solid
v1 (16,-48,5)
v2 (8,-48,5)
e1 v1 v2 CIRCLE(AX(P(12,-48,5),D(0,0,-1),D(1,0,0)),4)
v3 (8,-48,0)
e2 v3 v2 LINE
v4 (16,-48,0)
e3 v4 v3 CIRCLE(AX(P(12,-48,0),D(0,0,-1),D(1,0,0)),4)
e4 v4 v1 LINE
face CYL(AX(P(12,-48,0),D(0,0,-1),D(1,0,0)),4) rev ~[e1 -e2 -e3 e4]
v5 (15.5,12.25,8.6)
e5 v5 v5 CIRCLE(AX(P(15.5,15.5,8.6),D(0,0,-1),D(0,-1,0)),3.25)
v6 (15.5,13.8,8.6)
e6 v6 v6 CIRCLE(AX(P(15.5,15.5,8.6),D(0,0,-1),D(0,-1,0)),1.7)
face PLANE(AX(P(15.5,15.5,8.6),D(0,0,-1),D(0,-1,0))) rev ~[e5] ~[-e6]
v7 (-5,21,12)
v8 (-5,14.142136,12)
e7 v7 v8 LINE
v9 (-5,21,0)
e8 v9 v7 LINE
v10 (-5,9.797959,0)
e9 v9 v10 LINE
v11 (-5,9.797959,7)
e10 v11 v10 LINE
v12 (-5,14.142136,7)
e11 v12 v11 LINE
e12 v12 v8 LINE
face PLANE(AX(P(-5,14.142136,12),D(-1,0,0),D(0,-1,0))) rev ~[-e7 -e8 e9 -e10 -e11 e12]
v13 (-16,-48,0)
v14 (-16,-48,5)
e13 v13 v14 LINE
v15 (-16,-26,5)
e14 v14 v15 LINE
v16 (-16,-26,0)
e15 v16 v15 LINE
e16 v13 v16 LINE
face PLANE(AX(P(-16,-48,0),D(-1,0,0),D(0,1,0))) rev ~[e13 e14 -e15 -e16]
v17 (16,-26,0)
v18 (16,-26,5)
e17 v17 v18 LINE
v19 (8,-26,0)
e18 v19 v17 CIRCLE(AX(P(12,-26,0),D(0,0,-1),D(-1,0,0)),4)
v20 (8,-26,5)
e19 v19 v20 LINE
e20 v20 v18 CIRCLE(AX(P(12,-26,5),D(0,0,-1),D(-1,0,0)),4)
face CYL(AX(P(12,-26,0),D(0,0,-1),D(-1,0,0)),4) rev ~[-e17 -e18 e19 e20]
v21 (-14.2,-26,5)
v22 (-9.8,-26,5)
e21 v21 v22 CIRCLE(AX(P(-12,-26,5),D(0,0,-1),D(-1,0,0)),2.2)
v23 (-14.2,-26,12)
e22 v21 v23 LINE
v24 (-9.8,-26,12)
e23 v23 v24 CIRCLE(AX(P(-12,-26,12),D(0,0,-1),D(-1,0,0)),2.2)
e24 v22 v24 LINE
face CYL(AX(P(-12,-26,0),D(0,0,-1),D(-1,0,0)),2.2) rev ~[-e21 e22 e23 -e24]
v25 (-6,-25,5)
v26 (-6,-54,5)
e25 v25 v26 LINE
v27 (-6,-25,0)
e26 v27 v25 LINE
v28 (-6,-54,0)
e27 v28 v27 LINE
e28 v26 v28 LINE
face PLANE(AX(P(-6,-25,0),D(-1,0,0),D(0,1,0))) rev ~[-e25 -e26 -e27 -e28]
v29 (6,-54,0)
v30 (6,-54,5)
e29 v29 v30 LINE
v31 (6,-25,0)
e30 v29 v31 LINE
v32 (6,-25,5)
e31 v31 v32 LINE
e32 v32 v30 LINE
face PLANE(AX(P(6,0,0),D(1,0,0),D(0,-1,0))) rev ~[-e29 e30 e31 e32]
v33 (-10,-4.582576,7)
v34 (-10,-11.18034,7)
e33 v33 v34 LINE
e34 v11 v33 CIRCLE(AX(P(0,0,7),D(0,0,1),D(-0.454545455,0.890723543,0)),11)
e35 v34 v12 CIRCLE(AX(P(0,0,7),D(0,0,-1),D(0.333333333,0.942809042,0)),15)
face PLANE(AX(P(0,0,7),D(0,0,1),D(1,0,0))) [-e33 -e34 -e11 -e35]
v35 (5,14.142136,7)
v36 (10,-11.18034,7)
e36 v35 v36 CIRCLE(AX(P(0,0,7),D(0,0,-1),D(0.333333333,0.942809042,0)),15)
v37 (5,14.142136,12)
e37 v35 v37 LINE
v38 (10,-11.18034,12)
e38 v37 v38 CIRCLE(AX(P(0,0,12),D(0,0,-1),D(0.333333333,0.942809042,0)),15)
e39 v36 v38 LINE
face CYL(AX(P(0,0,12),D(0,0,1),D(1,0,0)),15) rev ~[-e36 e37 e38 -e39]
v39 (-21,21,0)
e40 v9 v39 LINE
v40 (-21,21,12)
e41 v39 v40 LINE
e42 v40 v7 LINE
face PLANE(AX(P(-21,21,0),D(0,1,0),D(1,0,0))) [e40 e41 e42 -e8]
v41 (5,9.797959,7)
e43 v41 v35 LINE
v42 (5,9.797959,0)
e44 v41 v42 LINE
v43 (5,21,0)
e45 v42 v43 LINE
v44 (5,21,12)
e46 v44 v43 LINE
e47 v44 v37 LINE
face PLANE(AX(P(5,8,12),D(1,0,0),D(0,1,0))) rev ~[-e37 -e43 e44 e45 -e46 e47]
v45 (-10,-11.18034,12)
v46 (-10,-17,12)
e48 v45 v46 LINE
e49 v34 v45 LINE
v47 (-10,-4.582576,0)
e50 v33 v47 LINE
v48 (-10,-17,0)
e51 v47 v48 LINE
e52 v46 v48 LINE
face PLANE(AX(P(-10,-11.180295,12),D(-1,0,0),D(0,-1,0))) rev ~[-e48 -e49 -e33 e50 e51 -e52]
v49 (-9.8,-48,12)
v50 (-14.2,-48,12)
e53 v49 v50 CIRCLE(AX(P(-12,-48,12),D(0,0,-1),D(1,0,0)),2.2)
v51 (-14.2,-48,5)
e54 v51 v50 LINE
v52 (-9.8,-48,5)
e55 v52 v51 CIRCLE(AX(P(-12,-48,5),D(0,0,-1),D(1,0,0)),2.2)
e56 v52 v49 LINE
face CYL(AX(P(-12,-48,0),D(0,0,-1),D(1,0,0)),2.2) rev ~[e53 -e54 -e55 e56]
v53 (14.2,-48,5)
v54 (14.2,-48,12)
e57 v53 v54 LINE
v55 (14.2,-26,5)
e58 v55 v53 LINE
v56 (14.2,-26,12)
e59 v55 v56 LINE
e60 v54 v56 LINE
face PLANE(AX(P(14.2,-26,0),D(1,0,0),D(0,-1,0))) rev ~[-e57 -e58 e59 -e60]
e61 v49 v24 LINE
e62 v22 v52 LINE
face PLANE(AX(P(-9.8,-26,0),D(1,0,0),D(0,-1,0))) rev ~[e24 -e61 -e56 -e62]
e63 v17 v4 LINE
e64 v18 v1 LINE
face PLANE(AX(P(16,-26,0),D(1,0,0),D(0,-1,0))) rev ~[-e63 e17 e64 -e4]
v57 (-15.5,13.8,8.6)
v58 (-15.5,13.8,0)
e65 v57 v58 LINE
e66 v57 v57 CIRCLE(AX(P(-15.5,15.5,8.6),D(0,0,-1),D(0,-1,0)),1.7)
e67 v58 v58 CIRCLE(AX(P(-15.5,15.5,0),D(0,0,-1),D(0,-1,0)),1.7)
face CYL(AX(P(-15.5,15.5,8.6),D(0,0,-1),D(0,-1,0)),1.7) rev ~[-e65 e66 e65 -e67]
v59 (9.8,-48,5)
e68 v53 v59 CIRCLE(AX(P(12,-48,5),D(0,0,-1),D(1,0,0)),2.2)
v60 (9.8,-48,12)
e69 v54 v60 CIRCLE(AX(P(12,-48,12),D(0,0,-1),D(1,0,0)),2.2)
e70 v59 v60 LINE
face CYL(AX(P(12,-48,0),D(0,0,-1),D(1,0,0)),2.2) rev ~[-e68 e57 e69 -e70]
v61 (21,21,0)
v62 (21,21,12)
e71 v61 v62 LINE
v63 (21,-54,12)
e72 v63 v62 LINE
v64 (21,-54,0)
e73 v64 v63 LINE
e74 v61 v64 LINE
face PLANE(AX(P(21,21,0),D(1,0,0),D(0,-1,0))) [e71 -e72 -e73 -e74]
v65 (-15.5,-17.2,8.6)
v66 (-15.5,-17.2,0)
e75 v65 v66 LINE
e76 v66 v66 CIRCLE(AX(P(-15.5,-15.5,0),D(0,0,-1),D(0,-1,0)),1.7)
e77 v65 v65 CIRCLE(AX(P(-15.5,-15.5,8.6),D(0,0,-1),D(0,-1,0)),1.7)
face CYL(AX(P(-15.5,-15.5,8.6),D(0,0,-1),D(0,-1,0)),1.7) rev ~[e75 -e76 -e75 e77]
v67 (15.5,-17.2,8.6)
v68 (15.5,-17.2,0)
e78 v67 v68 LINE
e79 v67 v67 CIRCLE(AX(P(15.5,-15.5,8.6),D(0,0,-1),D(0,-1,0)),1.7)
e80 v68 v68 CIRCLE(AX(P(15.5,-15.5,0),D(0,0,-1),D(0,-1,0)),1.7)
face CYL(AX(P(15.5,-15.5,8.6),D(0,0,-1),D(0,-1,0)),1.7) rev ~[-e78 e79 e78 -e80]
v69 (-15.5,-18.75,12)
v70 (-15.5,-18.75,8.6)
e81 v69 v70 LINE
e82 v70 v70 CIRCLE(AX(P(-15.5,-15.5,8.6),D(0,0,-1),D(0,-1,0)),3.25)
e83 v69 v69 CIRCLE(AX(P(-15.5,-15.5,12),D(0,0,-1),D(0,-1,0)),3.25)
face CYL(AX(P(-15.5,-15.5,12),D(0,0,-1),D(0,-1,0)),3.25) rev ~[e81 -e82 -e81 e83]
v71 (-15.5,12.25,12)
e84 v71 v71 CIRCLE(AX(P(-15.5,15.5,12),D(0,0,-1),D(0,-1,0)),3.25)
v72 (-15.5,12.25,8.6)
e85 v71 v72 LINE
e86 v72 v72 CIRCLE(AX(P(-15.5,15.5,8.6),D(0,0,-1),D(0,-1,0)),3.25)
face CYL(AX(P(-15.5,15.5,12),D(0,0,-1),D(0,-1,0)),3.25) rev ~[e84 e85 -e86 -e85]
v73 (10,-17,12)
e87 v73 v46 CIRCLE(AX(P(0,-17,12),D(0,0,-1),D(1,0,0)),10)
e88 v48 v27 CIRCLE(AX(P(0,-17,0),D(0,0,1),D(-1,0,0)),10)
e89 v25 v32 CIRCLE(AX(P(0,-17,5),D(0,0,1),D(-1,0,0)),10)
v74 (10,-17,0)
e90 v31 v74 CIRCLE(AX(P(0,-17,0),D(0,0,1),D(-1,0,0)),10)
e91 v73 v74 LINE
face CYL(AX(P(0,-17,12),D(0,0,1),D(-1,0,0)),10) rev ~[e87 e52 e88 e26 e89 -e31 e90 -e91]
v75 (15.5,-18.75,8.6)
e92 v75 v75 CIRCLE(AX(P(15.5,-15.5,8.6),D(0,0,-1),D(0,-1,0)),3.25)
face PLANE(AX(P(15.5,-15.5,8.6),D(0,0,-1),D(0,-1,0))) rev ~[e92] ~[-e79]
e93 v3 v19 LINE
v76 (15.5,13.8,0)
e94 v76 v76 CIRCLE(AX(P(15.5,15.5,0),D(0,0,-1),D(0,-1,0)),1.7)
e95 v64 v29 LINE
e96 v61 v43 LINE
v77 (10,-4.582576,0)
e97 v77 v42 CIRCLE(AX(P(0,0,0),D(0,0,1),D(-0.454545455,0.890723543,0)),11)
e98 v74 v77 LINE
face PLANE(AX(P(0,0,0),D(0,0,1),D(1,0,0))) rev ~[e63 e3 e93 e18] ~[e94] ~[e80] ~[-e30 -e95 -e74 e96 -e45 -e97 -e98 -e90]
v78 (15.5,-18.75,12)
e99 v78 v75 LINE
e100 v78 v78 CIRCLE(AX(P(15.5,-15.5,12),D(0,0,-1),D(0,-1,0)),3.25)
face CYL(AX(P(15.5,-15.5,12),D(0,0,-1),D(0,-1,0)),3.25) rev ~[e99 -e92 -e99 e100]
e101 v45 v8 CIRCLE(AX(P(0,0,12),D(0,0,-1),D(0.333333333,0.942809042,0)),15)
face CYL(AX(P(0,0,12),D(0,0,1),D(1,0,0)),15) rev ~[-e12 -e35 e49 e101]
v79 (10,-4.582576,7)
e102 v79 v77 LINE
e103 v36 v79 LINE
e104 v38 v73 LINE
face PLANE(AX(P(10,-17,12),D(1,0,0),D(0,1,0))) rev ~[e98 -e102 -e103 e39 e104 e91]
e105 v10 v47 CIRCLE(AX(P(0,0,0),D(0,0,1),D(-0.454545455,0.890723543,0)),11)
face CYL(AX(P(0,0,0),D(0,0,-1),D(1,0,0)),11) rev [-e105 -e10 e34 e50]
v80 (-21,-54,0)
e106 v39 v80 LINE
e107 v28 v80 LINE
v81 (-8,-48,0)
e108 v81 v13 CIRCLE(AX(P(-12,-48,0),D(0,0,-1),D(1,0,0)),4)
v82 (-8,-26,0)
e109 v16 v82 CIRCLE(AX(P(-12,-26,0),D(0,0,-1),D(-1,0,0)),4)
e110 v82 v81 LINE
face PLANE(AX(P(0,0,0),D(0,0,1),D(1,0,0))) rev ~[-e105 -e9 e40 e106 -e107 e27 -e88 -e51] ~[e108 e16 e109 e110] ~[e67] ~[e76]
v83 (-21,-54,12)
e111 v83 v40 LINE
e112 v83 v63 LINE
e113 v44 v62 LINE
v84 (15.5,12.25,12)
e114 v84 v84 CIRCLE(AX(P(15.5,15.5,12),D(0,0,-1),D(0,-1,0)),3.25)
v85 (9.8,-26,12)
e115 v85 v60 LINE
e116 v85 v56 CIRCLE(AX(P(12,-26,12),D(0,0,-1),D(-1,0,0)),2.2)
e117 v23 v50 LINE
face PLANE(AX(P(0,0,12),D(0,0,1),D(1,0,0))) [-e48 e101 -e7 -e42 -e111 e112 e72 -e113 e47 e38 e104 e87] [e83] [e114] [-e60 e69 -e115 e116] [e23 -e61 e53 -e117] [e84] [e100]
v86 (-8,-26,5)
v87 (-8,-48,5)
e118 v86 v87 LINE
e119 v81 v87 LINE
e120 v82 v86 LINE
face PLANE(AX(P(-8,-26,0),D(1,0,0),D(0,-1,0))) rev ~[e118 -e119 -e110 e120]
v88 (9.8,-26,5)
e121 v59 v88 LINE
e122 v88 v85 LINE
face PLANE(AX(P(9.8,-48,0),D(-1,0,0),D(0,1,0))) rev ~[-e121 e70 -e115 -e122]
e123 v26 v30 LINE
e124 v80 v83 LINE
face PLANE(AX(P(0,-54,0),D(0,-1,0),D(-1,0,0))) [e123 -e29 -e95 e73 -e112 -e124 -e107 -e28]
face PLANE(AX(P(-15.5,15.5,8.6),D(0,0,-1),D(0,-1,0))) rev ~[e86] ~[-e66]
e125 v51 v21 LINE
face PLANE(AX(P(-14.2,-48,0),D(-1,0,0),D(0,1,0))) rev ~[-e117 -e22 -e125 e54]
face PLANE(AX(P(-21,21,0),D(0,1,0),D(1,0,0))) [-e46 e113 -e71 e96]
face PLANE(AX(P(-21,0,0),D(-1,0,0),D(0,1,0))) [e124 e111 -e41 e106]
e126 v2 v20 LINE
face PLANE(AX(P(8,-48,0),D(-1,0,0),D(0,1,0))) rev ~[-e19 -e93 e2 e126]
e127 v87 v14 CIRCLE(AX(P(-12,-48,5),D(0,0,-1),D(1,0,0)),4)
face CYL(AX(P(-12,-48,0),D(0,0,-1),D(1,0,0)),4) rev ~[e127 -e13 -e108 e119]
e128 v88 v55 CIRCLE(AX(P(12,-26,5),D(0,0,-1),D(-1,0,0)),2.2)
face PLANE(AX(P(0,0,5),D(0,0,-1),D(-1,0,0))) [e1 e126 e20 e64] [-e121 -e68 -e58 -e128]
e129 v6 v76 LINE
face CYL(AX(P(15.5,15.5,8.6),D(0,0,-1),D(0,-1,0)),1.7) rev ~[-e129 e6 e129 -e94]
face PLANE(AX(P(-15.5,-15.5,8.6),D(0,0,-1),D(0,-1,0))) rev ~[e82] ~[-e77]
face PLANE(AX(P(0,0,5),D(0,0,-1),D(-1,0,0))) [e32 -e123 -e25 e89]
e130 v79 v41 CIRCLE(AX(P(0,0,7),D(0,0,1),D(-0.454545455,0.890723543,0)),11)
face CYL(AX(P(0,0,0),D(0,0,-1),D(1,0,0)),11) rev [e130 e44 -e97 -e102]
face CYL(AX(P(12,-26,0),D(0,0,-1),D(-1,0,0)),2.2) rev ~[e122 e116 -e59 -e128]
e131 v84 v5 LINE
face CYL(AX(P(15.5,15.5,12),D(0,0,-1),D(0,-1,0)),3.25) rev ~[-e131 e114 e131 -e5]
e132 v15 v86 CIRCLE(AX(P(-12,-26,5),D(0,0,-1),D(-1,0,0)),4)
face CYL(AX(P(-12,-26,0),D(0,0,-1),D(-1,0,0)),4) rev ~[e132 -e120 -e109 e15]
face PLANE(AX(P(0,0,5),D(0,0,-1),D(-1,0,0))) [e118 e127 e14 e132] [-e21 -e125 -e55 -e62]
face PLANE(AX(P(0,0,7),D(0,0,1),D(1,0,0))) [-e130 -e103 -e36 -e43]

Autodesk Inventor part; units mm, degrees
ref_plane "YZ Plane" through (0, 0, 0) normal (1, 0, 0) x (0, 1, 0)
ref_plane "XZ Plane" through (0, 0, 0) normal (0, 1, 0) x (-1, 0, 0)
ref_plane "XY Plane" through (0, 0, 0) normal (0, 0, 1) x (1, 0, 0)
sketch "Skizze1" plane through (0, 0, 0) normal (0, 0, 1) x (1, 0, 0)
  line L0 (-29.4, 0) -> (29.4, 0) projected
  line L1 (0, -69) -> (0, 36) projected
  line L2 (21, -54) -> (-21, -54)
  line L3 (-21, -54) -> (-21, 21)
  line L4 (-21, 21) -> (21, 21)
  line L5 (21, 21) -> (21, -54)
  line L6 (21, -54) -> (-21, 21) construction
  line L7 (-21, -54) -> (21, 21) construction
  circle A0 centre (0, 0) radius 11
  point P0 (0, -16.5)
  dimension "d0" = 42
  dimension "d1" = 75
  dimension "d3" = 22
  dimension "d4" = 21
extrude "Extrusion1" add sketch "Skizze1" along normal blind 12 contours L3 L4 L1 A0 L0 | L0 A0 L1 L2 L3 | L1 L4 L5 L0 A0 | A0 L0 L5 L2 L1
sketch "Skizze2" plane through (0, 0, 12) normal (0, 0, 1) x (1, 0, 0)
  line L0 (21, -54) -> (21, 21) projected
  line L1 (21, 21) -> (-21, 21) projected
  line L2 (-21, 21) -> (-21, -54) projected
  line L3 (-21, -54) -> (21, -54) projected
  circle A0 centre (0, 0) radius 11 projected
  line L4 (15.5, -15.5) -> (-15.5, -15.5)
  line L5 (-15.5, -15.5) -> (-15.5, 15.5)
  line L6 (-15.5, 15.5) -> (15.5, 15.5)
  line L7 (15.5, 15.5) -> (15.5, -15.5)
  line L8 (15.5, -15.5) -> (-15.5, 15.5) construction
  line L9 (-15.5, -15.5) -> (15.5, 15.5) construction
  dimension "d7" = 31
  dimension "d8" = 31
hole "Bohrung1" at (-15.5, 15.5, 12) at (15.5, 15.5, 12) at (15.5, -15.5, 12) at (-15.5, -15.5, 12) direction (0, 0, -1) diameter 3.4 end through all counterbore diameter 6.5 counterbore depth 3.4
sketch "Skizze3" plane through (0, 0, 0) normal (0, 0, -1) x (-1, 0, 0)
  circle A0 centre (15.5, -15.5) radius 1.7 projected
  circle A1 centre (-15.5, -15.5) radius 1.7 projected
  circle A2 centre (-15.5, 15.5) radius 1.7 projected
  circle A3 centre (15.5, 15.5) radius 1.7 projected
  line L0 (-21, -54) -> (-21, 21) projected
  line L1 (21, -54) -> (-21, -54) projected
  line L2 (21, 21) -> (21, -54) projected
  line L3 (-21, 21) -> (21, 21) projected
  circle A4 centre (0, 0) radius 11 projected
  line L4 (29.4, 0) -> (-29.4, 0) projected
  line L5 (0, -69) -> (0, 36) projected
  line L6 (-12, -48) -> (-12, -26) construction
  line L7 (-8, -48) -> (-8, -26)
  line L8 (-16, -26) -> (-16, -48)
  arc A5 (-16, -48) -> (-8, -48) centre (-12, -48) ccw
  arc A6 (-8, -26) -> (-16, -26) centre (-12, -26) ccw
  line L9 (12, -48) -> (12, -26) construction
  line L10 (16, -48) -> (16, -26)
  line L11 (8, -26) -> (8, -48)
  arc A7 (8, -48) -> (16, -48) centre (12, -48) ccw
  arc A8 (16, -26) -> (8, -26) centre (12, -26) ccw
  point P0 (-12, -37)
  point P1 (12, -37)
  dimension "d16" = 24
  dimension "d17" = 8
  dimension "d18" = 8
  dimension "d19" = 6
  dimension "d20" = 22
extrude "Extrusion2" cut sketch "Skizze3" against normal blind 5 contours A5 L8 A6 L7 | A7 L11 A8 L10
sketch "Skizze4" plane through (0, 0, 0) normal (0, 0, -1) x (-1, 0, 0)
  arc A0 (-8, -26) -> (-16, -26) centre (-12, -26) ccw projected
  line L0 (-16, -48) -> (-16, -26) projected
  arc A1 (-16, -48) -> (-8, -48) centre (-12, -48) ccw projected
  line L1 (-8, -26) -> (-8, -48) projected
  arc A2 (16, -26) -> (8, -26) centre (12, -26) ccw projected
  line L2 (8, -48) -> (8, -26) projected
  arc A3 (8, -48) -> (16, -48) centre (12, -48) ccw projected
  line L3 (16, -26) -> (16, -48) projected
  line L4 (12, -48) -> (12, -26) construction
  line L5 (14.2, -48) -> (14.2, -26)
  line L6 (9.8, -26) -> (9.8, -48)
  arc A4 (9.8, -48) -> (14.2, -48) centre (12, -48) ccw
  arc A5 (14.2, -26) -> (9.8, -26) centre (12, -26) ccw
  line L7 (-12, -48) -> (-12, -26) construction
  line L8 (-9.8, -48) -> (-9.8, -26)
  line L9 (-14.2, -26) -> (-14.2, -48)
  arc A6 (-14.2, -48) -> (-9.8, -48) centre (-12, -48) ccw
  arc A7 (-9.8, -26) -> (-14.2, -26) centre (-12, -26) ccw
  point P0 (0, 0)
  point P1 (12, -37)
  point P2 (-12, -37)
  dimension "d23" = 4.4
  dimension "d24" = 4.4
extrude "Extrusion3" cut sketch "Skizze4" against normal through all contours A4 L6 A5 L5 | A6 L9 A7 L8
sketch "Skizze5" plane through (0, 0, 12) normal (0, 0, 1) x (1, 0, 0)
  line L0 (-9.8, -26) -> (-9.8, -48) projected
  arc A0 (-14.2, -48) -> (-9.8, -48) centre (-12, -48) ccw projected
  line L1 (-14.2, -48) -> (-14.2, -26) projected
  arc A1 (-9.8, -26) -> (-14.2, -26) centre (-12, -26) ccw projected
  line L2 (14.2, -26) -> (14.2, -48) projected
  arc A2 (9.8, -48) -> (14.2, -48) centre (12, -48) ccw projected
  line L3 (9.8, -48) -> (9.8, -26) projected
  arc A3 (14.2, -26) -> (9.8, -26) centre (12, -26) ccw projected
  circle A4 centre (-15.5, -15.5) radius 3.25 projected
  circle A5 centre (15.5, -15.5) radius 3.25 projected
  circle A6 centre (15.5, 15.5) radius 3.25 projected
  circle A7 centre (-15.5, 15.5) radius 3.25 projected
  line L4 (21, -54) -> (21, 21) projected
  line L5 (21, 21) -> (-21, 21) projected
  line L6 (-21, 21) -> (-21, -54) projected
  line L7 (-21, -54) -> (21, -54) projected
  circle A8 centre (0, 0) radius 11 projected
  circle A9 centre (0, 0) radius 15
  dimension "d27" = 30
extrude "Extrusion4" cut sketch "Skizze5" against normal blind 5 contours A9
sketch "Skizze6" plane through (0, 0, 12) normal (0, 0, 1) x (1, 0, 0)
  circle A0 centre (0, 0) radius 15 projected
  line L0 (-9.8, -26) -> (-9.8, -48) projected
  arc A1 (-14.2, -48) -> (-9.8, -48) centre (-12, -48) ccw projected
  line L1 (-14.2, -48) -> (-14.2, -26) projected
  arc A2 (-9.8, -26) -> (-14.2, -26) centre (-12, -26) ccw projected
  line L2 (14.2, -26) -> (14.2, -48) projected
  arc A3 (9.8, -48) -> (14.2, -48) centre (12, -48) ccw projected
  line L3 (9.8, -48) -> (9.8, -26) projected
  arc A4 (14.2, -26) -> (9.8, -26) centre (12, -26) ccw projected
  circle A5 centre (-15.5, -15.5) radius 3.25 projected
  circle A6 centre (15.5, -15.5) radius 3.25 projected
  circle A7 centre (15.5, 15.5) radius 3.25 projected
  circle A8 centre (-15.5, 15.5) radius 3.25 projected
  line L4 (21, -54) -> (21, 21) projected
  line L5 (21, 21) -> (-21, 21) projected
  line L6 (-21, 21) -> (-21, -54) projected
  line L7 (-21, -54) -> (21, -54) projected
  line L8 (-29.4, 0) -> (29.4, 0) projected
  line L9 (0, -69) -> (0, 36) projected
  line L10 (-5, 8) -> (5, 8)
  line L11 (5, 8) -> (5, 26)
  line L12 (5, 26) -> (-5, 26)
  line L13 (-5, 26) -> (-5, 8)
  line L14 (-5, 8) -> (5, 26) construction
  line L15 (5, 8) -> (-5, 26) construction
  point P0 (0, 17)
  dimension "d30" = 18
  dimension "d31" = 10
  dimension "d32" = 8
extrude "Extrusion5" cut sketch "Skizze6" against normal through all contours L11 L10 L9 A0 | A0 L9 L5 L11 | L9 L10 L13 A0 | A0 L13 L5 L9 | L5 L9 L12 L11 | L5 L13 L12 L9
sketch "Skizze7" plane through (0, 0, 12) normal (0, 0, 1) x (1, 0, 0)
  line L0 (5, 14.1421) -> (5, 9.798) projected
  arc A0 (-5, 9.798) -> (5, 9.798) centre (0, 0) ccw projected
  line L1 (-5, 9.798) -> (-5, 14.1421) projected
  arc A1 (-5, 14.1421) -> (5, 14.1421) centre (0, 0) ccw projected
  line L2 (-29.4, 0) -> (29.4, 0) projected
  line L3 (0, -69) -> (0, 36) projected
  line L4 (0, 0) -> (0, -17) construction
  line L5 (-10, 0) -> (-10, -17)
  line L6 (10, -17) -> (10, 0)
  arc A2 (10, 0) -> (-10, 0) centre (0, 0) ccw
  arc A3 (-10, -17) -> (10, -17) centre (0, -17) ccw
  point P0 (0, -8.5)
  dimension "d35" = 20
  dimension "d36" = 17
extrude "Extrusion6" cut sketch "Skizze7" against normal through all contours L6 A3 L3 A1 | A1 L3 A0 L6 | A0 L3 L2 L6 | L2 L3 A2 | L3 A3 L5 A1 | A1 L5 A0 L3 | A0 L5 L2 L3 | L2 A2 L3
sketch "Skizze8" plane through (0, 0, 0) normal (0, 0, -1) x (-1, 0, 0)
  line L0 (-5, 9.798) -> (-5, 21) projected
  line L1 (-21, 21) -> (-5, 21) projected
  line L2 (-21, -54) -> (-21, 21) projected
  line L3 (21, -54) -> (-21, -54) projected
  line L4 (21, 21) -> (21, -54) projected
  line L5 (5, 21) -> (21, 21) projected
  line L6 (5, 21) -> (5, 9.798) projected
  arc A0 (-5, 9.798) -> (-10, -4.5826) centre (0, 0) ccw projected
  circle A1 centre (15.5, 15.5) radius 1.7 projected
  circle A2 centre (-15.5, 15.5) radius 1.7 projected
  circle A3 centre (-15.5, -15.5) radius 1.7 projected
  circle A4 centre (15.5, -15.5) radius 1.7 projected
  line L7 (-16, -48) -> (-16, -26) projected
  arc A5 (-8, -26) -> (-16, -26) centre (-12, -26) ccw projected
  line L8 (-8, -26) -> (-8, -48) projected
  arc A6 (-16, -48) -> (-8, -48) centre (-12, -48) ccw projected
  line L9 (8, -48) -> (8, -26) projected
  arc A7 (16, -26) -> (8, -26) centre (12, -26) ccw projected
  line L10 (16, -26) -> (16, -48) projected
  arc A8 (8, -48) -> (16, -48) centre (12, -48) ccw projected
  line L11 (29.4, 0) -> (-29.4, 0) projected
  line L12 (0, -69) -> (0, 36) projected
  line L13 (10, -4.5826) -> (10, -17) projected
  arc A9 (-10, -17) -> (10, -17) centre (0, -17) ccw projected
  line L14 (-10, -17) -> (-10, -4.5826) projected
  arc A10 (10, -4.5826) -> (5, 9.798) centre (0, 0) ccw projected
  line L15 (0, 0) -> (0, -60) construction
  line L16 (-6, 0) -> (-6, -60)
  line L17 (6, -60) -> (6, 0)
  arc A11 (6, 0) -> (-6, 0) centre (0, 0) ccw
  arc A12 (-6, -60) -> (6, -60) centre (0, -60) ccw
  point P0 (0, -30)
  point P1 (11, 0)
  point P2 (21, 0)
  point P3 (-21, 0)
  point P4 (-11, 0)
  point P5 (-6, -25)
  point P6 (6, -25)
  point P7 (0, -66)
  point P8 (0, -54)
  point P9 (-6, -54)
  point P10 (0, 6)
  point P11 (0, -27)
  point P12 (6, -54)
  dimension "d39" = 12
  dimension "d40" = 60
extrude "Extrusion7" cut sketch "Skizze8" against normal blind 5 contours A11 L12 L11 | L11 L12 A9 L16 | L12 A11 L11 | L11 L17 A9 L12 | A9 L12 L3 L16 | A9 L17 L3 L12 | L3 L12 A12 L16 | L3 L17 A12 L12
equation "\"d18\" = d17"
equation "\"d24\" = d23"
properties part number "24_0497_008"
